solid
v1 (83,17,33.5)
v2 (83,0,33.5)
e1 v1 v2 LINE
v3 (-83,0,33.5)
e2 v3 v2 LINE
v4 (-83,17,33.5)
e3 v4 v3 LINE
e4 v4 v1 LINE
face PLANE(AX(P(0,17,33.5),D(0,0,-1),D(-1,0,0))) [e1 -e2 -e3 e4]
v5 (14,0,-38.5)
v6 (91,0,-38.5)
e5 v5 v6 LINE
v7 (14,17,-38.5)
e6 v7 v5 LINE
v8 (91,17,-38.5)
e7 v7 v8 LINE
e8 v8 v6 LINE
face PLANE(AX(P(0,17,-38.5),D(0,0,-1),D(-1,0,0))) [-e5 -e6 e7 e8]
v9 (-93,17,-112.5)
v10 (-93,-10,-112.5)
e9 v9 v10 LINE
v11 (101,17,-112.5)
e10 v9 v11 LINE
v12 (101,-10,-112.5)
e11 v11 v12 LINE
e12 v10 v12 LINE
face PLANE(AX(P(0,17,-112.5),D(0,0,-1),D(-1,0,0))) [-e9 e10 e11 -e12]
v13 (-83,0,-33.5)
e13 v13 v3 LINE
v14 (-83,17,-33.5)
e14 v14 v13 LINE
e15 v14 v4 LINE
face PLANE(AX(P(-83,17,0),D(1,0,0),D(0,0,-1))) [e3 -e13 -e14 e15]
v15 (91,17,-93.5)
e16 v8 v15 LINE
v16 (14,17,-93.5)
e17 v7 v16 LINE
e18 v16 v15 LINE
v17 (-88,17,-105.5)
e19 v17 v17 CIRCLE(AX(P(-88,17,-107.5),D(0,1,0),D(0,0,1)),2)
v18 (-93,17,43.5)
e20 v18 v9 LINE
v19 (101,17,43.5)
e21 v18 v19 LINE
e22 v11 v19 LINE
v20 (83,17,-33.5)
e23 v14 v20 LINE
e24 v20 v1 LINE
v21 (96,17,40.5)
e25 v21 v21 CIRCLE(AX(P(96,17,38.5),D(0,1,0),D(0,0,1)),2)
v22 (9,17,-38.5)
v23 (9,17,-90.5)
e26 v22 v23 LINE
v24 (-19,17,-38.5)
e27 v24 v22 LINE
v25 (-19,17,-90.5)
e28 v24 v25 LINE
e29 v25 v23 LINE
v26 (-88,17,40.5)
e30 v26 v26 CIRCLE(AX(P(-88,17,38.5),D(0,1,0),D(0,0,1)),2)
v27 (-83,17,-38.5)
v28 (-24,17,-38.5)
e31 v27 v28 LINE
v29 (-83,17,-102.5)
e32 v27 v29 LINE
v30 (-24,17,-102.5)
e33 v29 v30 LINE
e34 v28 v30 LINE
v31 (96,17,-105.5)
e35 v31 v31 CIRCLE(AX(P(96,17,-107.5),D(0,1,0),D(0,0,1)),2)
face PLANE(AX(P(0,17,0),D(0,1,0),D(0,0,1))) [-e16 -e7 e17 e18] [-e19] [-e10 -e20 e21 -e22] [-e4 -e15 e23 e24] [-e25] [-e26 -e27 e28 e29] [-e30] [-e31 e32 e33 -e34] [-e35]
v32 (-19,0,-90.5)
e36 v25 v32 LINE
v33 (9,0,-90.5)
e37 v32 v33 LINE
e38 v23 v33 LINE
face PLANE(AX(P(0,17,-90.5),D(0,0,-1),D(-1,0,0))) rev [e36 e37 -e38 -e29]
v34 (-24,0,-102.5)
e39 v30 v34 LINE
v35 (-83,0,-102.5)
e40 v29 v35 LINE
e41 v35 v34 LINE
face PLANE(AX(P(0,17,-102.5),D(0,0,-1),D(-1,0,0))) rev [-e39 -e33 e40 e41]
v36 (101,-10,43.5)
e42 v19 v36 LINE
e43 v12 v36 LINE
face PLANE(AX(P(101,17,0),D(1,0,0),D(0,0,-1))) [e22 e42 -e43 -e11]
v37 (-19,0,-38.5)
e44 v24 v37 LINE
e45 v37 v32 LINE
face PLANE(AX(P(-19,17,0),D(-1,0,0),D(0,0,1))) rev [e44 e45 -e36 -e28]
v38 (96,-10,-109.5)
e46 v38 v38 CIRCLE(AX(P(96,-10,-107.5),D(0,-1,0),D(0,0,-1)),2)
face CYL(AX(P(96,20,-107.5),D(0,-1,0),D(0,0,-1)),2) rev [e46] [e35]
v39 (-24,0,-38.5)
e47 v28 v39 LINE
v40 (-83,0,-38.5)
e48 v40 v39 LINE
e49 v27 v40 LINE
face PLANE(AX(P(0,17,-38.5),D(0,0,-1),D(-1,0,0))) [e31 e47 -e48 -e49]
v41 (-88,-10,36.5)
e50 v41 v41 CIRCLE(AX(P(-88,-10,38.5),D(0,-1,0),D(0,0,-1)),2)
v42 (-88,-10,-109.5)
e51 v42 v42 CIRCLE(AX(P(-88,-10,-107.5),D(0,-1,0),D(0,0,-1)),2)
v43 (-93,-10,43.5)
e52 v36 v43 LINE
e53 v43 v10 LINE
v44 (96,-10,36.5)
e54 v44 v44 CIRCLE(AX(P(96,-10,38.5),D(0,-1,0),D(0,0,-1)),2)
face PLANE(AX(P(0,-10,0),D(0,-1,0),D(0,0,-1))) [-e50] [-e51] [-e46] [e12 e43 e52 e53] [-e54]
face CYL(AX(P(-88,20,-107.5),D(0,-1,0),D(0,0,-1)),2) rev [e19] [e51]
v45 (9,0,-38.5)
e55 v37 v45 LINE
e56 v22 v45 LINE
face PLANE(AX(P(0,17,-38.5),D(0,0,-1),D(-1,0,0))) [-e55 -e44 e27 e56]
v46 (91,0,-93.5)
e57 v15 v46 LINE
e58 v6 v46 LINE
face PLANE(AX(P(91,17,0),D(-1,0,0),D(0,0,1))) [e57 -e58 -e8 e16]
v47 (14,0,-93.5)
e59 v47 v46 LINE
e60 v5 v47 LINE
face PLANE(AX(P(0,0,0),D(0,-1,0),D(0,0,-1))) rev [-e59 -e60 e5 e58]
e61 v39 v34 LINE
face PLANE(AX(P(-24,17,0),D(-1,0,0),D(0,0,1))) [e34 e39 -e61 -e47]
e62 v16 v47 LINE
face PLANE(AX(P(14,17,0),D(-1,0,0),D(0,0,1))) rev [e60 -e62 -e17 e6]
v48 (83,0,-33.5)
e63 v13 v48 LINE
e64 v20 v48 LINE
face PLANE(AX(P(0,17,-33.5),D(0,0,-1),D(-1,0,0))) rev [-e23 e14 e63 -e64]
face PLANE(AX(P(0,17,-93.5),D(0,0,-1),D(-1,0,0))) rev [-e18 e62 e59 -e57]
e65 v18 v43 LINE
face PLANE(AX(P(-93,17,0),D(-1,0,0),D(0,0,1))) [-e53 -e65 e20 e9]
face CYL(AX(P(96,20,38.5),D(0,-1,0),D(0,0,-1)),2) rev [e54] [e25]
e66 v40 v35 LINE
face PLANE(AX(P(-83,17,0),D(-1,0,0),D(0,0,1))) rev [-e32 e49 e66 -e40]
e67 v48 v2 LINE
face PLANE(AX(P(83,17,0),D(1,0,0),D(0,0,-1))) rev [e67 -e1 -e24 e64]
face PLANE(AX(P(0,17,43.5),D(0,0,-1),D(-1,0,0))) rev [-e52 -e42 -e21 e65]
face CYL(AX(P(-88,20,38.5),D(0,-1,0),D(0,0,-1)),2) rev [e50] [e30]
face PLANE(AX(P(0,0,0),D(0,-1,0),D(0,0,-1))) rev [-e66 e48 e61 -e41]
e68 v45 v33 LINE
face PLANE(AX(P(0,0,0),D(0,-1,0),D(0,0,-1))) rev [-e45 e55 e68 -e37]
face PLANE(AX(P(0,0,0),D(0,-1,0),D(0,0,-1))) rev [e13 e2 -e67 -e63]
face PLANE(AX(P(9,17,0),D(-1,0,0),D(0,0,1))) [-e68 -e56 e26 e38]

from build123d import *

# Parameters (mm, degrees)
SKETCH1_W           = 194
SKETCH1_H           = 156
SKETCH1_W_2         = 166
SKETCH1_H_2         = 67
SKETCH1_W_3         = 59
SKETCH1_H_3         = 64
SKETCH1_W_4         = 28
SKETCH1_H_4         = 52
SKETCH1_W_5         = 77
SKETCH1_H_5         = 55
BOSS_EXTRUDE1_DEPTH = 17
SKETCH2_W           = 194
SKETCH2_H           = 156
BOSS_EXTRUDE2_DEPTH = 10
SKETCH3_R           = 2
CUT_EXTRUDE1_DEPTH  = 30


with BuildPart() as part:
    # Sketch1 → Boss-Extrude1 (new body)
    with BuildSketch(Plane(origin=(0, 0, 0), x_dir=(1, 0, 0), z_dir=(0, 1, 0))):
        with Locations((4, 34.5)):
            Rectangle(SKETCH1_W, SKETCH1_H)
        Rectangle(SKETCH1_W_2, SKETCH1_H_2, mode=Mode.SUBTRACT)
        with Locations((-53.5, 70.5)):
            Rectangle(SKETCH1_W_3, SKETCH1_H_3, mode=Mode.SUBTRACT)
        with Locations((-5, 64.5)):
            Rectangle(SKETCH1_W_4, SKETCH1_H_4, mode=Mode.SUBTRACT)
        with Locations((52.5, 66)):
            Rectangle(SKETCH1_W_5, SKETCH1_H_5, mode=Mode.SUBTRACT)
    extrude(amount=BOSS_EXTRUDE1_DEPTH)

    # Sketch2 → Boss-Extrude2 (add)
    with BuildSketch(Plane(origin=(0, 0, 0), x_dir=(-1, 0, 0), z_dir=(0, -1, 0))):
        with Locations((-4, 34.5)):
            Rectangle(SKETCH2_W, SKETCH2_H)
    extrude(amount=BOSS_EXTRUDE2_DEPTH)

    # Sketch3 → Cut-Extrude1 (cut)
    with BuildSketch(Plane(origin=(0, -10, 0), x_dir=(-1, 0, 0), z_dir=(0, -1, 0))):
        with Locations(Location((88, -38.5, 0), (0, 0, 90))):
            Circle(SKETCH3_R)
        with Locations(Location((88, 107.5, 0), (0, 0, 90))):
            Circle(SKETCH3_R)
        with Locations(Location((-96, -38.5, 0), (0, 0, 90))):
            Circle(SKETCH3_R)
        with Locations(Location((-96, 107.5, 0), (0, 0, 90))):
            Circle(SKETCH3_R)
    extrude(amount=-CUT_EXTRUDE1_DEPTH, mode=Mode.SUBTRACT)


solid = part.part
